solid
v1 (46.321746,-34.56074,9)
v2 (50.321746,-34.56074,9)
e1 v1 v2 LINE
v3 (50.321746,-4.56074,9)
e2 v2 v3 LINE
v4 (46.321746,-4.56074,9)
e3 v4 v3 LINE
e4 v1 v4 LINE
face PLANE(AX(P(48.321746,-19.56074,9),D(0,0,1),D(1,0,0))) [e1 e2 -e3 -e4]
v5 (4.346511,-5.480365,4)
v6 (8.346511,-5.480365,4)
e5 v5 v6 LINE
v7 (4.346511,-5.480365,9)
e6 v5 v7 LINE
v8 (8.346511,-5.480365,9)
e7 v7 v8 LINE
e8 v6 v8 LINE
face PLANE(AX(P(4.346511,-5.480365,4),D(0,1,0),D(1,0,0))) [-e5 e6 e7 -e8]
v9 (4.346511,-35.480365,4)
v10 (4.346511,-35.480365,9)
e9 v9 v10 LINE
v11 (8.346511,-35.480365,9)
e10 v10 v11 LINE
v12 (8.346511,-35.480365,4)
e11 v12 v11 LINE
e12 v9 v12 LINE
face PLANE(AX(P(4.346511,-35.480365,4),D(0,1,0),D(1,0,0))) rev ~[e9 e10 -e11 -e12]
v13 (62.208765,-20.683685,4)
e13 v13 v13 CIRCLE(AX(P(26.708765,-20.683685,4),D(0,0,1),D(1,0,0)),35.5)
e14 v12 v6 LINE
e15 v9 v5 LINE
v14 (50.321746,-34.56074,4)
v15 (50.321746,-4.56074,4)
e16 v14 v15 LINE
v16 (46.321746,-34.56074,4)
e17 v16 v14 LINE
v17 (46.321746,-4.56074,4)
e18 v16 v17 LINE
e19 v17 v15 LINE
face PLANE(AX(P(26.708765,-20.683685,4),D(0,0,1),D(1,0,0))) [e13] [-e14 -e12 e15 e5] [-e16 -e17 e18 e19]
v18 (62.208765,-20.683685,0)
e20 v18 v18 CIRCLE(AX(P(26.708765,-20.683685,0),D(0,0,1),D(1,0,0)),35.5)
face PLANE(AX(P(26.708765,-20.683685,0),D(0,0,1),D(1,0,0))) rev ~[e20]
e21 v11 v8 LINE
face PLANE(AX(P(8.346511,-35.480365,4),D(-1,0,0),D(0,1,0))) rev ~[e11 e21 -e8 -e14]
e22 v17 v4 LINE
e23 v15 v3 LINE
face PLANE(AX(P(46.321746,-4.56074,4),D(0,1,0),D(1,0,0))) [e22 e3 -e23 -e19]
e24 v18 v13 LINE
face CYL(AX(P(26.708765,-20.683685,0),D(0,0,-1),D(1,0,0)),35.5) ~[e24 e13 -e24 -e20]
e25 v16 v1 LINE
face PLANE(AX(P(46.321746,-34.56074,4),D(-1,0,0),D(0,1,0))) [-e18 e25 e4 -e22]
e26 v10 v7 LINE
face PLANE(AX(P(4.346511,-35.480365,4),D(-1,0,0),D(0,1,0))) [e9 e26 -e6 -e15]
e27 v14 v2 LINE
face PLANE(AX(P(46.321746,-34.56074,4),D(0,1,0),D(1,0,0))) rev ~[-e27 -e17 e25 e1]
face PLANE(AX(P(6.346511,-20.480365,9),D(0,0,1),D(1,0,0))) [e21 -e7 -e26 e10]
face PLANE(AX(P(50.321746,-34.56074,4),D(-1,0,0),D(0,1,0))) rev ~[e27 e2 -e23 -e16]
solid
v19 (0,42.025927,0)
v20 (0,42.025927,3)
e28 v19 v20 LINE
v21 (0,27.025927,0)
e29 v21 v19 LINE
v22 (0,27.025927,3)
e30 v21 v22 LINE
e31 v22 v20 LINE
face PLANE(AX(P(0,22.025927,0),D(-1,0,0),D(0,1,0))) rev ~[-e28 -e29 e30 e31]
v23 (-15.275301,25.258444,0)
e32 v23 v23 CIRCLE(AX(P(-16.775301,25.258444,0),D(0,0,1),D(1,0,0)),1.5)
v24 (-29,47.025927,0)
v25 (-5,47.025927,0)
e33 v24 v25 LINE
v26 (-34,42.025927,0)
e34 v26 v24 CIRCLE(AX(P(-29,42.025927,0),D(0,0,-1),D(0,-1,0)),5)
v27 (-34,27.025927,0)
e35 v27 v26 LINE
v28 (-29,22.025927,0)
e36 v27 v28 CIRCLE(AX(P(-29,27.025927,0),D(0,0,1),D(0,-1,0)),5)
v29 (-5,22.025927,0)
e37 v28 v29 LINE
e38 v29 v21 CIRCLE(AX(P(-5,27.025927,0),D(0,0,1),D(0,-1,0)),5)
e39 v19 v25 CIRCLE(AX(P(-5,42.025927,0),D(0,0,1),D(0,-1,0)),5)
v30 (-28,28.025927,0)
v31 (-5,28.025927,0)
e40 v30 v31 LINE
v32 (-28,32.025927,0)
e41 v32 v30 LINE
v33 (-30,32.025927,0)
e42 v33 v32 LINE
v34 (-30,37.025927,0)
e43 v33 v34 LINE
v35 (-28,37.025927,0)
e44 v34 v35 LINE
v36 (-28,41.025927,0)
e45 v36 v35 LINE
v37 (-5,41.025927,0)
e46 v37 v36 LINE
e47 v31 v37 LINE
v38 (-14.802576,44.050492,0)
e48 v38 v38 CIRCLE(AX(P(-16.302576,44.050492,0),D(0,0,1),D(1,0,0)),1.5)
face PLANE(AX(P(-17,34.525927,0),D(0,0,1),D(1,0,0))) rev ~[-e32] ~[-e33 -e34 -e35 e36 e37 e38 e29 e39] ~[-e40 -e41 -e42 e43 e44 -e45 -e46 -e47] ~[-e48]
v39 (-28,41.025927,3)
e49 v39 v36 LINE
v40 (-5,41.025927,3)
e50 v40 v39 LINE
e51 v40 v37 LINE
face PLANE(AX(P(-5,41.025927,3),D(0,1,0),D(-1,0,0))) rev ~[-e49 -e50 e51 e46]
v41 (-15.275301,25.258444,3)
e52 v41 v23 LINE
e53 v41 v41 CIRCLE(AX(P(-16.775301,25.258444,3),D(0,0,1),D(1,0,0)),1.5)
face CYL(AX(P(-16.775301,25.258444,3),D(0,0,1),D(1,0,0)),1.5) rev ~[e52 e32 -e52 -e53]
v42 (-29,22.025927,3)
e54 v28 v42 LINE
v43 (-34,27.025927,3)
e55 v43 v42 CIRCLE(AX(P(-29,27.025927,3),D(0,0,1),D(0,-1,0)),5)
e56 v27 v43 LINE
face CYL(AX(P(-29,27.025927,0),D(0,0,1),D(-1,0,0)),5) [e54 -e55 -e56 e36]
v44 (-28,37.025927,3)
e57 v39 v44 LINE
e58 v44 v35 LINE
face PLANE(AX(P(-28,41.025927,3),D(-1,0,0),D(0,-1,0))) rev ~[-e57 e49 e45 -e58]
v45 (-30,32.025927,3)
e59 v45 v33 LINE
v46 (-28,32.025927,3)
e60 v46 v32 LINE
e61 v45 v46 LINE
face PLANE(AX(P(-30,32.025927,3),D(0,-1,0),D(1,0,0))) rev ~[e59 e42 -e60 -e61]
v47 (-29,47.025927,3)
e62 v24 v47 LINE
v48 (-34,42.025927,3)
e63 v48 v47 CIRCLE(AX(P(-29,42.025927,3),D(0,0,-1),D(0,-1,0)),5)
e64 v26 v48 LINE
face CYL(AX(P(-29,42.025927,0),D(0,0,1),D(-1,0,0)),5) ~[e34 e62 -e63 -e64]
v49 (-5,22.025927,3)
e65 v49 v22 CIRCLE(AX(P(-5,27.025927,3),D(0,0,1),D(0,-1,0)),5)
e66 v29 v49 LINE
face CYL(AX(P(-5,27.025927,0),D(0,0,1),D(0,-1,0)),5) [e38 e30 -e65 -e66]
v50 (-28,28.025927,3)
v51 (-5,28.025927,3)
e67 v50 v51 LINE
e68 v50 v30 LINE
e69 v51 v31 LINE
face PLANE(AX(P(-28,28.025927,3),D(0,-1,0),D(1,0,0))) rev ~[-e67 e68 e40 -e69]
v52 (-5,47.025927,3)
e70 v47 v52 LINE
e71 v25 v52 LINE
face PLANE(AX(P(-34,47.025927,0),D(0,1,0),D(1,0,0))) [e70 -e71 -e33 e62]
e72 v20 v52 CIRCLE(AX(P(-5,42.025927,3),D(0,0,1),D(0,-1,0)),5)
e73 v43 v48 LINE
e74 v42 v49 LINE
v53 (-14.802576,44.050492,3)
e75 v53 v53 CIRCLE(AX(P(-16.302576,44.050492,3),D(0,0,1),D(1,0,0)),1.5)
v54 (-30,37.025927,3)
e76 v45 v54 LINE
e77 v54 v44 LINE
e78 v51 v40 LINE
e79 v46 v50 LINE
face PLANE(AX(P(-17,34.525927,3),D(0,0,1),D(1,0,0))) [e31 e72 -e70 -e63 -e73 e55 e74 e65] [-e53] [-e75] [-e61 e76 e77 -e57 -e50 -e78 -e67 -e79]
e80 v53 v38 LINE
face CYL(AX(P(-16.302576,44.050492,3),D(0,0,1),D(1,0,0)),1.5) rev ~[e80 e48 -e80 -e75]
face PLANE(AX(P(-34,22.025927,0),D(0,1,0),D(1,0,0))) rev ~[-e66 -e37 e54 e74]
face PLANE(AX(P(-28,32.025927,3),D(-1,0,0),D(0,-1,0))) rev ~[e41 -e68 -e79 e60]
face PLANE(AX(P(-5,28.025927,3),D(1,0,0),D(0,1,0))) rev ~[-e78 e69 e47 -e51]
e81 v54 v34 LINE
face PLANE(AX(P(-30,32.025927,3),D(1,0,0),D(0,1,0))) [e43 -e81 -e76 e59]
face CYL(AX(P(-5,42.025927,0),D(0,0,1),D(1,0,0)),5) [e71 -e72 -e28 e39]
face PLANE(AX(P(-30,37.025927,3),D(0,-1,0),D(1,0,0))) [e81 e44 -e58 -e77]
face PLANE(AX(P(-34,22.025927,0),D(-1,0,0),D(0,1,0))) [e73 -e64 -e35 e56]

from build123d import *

# Parameters (mm, degrees)
F0_W     = 34
F0_H     = 25
F1_DEPTH = 3
F2_R     = 5
F3_W     = 2
F3_H     = 5
F3_R     = 1.5
F4_DEPTH = 25
F5_R     = 35.5
F6_DEPTH = 4
F7_W     = 4
F7_H     = 30
F8_DEPTH = 5


with BuildPart() as f1:
    # F0 (on Top) → F1 (new body)
    with BuildSketch(Plane.XY):
        with Locations((-17, 34.525927)):
            Rectangle(F0_W, F0_H)
    extrude(amount=F1_DEPTH)

    # F2
    f2_edges = [f1.edges().sort_by_distance(p)[0] for p in [
        (0, 47.025927, 1.5),
        (0, 22.025927, 1.5),
        (-34, 22.025927, 1.5),
        (-34, 47.025927, 1.5),
    ]]
    fillet(f2_edges, radius=F2_R)

    # F3 (on face) → F4 (cut)
    with BuildSketch(Plane.XY.offset(3)):
        Polygon((-16.5, 28.025927), (-5, 28.025927), (-5, 41.025927), (-16.5, 41.025927), (-28, 41.025927), (-28, 37.025927), (-28, 32.025927), (-28, 28.025927), align=None)
        with Locations((-29, 34.525927)):
            Rectangle(F3_W, F3_H)
        with Locations((-16.302576, 44.050492)):
            Circle(F3_R)
        with Locations((-16.775301, 25.258444)):
            Circle(F3_R)
    extrude(amount=-F4_DEPTH, mode=Mode.SUBTRACT)


with BuildPart() as f6:
    # F5 (on Top) → F6 (new body)
    with BuildSketch(Plane.XY):
        with Locations((26.708765, -20.683685)):
            Circle(F5_R)
    extrude(amount=F6_DEPTH)

    # F7 (on face) → F8 (join)
    with BuildSketch(Plane.XY.offset(4)):
        with Locations((48.321746, -19.56074)):
            Rectangle(F7_W, F7_H)
        with Locations((6.346511, -20.480365)):
            Rectangle(F7_W, F7_H)
    extrude(amount=F8_DEPTH)


solid = Compound([f1.part, f6.part])
